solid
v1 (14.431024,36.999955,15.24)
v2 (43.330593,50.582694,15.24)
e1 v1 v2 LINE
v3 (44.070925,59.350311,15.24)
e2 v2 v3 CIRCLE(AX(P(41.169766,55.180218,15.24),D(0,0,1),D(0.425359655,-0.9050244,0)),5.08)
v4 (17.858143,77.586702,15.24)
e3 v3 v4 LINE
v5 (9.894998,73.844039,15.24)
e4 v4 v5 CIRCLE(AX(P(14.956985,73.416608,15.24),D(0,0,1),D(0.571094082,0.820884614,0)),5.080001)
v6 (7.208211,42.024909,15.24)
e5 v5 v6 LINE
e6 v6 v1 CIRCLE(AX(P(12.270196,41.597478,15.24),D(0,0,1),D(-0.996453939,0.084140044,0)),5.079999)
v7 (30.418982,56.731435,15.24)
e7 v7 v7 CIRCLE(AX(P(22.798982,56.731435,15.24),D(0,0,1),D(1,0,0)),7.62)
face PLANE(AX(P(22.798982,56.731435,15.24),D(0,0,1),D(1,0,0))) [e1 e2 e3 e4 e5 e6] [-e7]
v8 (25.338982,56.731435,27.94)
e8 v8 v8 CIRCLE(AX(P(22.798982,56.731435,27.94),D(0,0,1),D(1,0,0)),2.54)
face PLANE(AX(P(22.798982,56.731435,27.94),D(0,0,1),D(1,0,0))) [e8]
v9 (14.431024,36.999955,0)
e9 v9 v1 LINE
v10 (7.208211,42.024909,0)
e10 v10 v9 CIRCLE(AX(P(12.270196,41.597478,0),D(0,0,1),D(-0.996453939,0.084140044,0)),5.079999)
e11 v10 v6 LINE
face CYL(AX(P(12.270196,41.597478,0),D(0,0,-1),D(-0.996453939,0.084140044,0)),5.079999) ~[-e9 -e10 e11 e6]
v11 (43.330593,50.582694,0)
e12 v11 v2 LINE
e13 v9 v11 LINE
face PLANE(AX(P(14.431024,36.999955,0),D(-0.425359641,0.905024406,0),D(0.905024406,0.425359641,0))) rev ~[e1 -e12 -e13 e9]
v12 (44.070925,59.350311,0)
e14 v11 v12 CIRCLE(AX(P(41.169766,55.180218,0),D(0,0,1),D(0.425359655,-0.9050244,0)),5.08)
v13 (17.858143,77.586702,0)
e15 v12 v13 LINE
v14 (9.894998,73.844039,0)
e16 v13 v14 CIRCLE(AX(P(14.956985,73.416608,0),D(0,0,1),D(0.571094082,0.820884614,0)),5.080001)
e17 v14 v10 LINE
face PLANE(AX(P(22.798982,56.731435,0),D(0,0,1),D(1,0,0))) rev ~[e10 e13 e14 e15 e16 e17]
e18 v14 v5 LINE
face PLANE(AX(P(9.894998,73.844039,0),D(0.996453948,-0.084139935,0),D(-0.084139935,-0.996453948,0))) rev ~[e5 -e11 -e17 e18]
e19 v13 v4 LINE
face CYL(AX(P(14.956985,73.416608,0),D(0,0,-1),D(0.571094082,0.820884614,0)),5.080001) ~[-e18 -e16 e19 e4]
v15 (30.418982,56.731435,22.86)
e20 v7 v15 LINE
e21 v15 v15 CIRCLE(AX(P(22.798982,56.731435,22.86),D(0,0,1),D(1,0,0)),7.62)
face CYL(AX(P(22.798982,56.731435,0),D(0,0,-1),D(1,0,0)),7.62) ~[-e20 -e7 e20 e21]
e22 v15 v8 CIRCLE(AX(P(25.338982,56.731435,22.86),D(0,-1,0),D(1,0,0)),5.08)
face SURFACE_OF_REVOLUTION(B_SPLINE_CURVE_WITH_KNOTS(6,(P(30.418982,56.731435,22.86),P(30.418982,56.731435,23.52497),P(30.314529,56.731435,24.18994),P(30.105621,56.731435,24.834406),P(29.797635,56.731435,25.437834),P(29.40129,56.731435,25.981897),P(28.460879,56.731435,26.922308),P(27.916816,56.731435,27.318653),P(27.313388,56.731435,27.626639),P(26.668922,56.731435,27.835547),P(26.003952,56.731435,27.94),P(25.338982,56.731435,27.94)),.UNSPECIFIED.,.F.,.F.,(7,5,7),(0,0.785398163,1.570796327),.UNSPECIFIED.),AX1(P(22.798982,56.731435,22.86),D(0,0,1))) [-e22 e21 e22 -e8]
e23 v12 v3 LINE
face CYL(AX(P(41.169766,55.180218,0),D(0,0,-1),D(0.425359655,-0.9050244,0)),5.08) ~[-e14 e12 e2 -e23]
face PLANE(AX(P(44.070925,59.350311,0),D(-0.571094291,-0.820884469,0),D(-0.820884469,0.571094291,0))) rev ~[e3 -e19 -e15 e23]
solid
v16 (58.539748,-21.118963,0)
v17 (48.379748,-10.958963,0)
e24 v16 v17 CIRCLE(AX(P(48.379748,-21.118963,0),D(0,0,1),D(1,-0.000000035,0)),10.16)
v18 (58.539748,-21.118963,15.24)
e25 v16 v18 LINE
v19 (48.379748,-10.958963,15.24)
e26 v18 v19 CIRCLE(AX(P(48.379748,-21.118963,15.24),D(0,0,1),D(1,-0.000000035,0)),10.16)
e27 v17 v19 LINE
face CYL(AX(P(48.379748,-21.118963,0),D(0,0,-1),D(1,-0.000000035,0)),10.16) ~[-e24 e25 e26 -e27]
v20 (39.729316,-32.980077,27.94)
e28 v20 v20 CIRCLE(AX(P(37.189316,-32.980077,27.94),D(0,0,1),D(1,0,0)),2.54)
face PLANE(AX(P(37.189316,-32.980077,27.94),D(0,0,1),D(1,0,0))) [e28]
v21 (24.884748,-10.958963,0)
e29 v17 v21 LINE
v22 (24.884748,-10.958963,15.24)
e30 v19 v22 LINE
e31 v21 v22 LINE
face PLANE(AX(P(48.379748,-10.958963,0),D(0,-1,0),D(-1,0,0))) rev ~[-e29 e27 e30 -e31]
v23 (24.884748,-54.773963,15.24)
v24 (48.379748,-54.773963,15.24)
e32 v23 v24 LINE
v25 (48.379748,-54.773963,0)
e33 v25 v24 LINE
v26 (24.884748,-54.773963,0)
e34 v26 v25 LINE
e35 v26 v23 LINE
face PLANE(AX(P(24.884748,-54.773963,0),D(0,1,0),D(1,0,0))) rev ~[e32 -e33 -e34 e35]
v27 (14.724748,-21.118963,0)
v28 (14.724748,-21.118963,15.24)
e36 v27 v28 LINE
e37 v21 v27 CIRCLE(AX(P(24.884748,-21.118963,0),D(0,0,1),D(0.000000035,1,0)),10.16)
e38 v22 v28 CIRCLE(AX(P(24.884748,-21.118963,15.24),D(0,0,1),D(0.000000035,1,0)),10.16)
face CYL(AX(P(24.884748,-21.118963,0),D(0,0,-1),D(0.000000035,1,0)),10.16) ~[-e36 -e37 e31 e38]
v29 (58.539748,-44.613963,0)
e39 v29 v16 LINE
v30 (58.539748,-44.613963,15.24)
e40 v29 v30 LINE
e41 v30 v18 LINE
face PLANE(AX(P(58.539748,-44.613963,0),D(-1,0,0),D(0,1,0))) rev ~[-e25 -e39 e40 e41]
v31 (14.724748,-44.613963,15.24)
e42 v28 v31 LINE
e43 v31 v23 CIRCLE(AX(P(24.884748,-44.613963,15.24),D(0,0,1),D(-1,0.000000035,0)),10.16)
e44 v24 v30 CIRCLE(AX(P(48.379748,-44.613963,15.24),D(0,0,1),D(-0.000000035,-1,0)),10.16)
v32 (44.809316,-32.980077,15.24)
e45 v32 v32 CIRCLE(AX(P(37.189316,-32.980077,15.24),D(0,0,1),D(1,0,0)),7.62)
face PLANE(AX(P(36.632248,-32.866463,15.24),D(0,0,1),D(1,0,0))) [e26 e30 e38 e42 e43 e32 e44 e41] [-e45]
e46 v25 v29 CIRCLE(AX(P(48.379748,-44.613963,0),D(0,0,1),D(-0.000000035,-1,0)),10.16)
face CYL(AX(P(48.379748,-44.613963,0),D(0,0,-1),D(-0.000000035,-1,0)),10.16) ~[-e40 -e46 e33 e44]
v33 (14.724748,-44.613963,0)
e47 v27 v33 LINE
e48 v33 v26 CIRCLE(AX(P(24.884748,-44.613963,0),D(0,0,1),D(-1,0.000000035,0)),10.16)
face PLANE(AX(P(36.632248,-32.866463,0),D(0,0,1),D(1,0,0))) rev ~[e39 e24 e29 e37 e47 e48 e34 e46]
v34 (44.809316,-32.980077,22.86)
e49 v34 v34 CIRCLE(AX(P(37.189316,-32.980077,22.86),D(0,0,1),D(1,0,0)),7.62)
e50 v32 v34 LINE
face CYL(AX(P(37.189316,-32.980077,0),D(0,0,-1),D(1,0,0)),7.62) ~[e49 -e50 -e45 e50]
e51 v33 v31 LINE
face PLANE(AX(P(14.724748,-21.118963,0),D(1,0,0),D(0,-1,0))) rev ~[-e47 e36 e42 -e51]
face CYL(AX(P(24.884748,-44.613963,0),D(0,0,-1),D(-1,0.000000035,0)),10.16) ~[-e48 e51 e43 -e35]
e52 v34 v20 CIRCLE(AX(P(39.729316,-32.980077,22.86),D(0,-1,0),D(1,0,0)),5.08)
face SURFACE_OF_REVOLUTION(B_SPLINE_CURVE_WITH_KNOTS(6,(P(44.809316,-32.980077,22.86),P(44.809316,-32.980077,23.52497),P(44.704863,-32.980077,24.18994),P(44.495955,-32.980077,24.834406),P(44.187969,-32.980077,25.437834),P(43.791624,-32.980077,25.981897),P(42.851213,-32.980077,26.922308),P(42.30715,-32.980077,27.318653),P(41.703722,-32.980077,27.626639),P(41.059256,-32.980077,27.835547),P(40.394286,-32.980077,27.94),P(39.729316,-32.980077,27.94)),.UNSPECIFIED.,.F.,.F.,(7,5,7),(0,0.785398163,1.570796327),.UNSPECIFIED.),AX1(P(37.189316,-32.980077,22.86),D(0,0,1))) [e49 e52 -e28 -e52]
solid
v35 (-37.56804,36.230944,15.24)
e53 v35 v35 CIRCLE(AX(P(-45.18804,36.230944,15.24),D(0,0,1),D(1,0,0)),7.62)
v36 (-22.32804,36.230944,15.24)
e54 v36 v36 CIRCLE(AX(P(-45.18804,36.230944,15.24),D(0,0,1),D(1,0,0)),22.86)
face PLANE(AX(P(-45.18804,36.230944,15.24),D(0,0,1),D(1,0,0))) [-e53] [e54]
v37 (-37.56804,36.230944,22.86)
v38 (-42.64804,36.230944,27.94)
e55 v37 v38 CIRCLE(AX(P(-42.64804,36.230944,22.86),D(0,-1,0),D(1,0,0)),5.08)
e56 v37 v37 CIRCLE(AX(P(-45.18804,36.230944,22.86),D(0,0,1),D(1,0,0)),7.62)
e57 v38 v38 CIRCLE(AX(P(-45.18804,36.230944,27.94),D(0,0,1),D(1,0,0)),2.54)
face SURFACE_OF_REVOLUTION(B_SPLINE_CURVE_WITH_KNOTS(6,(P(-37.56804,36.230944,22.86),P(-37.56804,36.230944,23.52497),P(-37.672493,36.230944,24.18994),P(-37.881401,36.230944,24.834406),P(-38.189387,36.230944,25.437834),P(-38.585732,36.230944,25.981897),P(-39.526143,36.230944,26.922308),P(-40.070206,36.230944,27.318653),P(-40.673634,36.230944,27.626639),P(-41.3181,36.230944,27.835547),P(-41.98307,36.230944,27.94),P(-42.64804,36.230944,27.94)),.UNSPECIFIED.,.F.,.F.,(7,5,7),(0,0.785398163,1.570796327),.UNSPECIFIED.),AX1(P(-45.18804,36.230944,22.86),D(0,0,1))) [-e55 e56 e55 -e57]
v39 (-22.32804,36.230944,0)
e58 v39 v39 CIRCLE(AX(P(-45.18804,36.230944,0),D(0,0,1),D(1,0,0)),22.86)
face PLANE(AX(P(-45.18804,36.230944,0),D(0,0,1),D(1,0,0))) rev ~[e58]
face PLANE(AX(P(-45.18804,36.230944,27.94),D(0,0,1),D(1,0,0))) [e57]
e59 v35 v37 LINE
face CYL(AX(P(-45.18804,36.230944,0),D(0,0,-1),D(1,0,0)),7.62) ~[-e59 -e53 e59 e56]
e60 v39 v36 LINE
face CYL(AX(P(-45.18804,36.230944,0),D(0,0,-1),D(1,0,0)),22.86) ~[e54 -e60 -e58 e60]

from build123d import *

# Parameters (mm, degrees)
F0_R      = 22.86
F0_R_2    = 7.62
F1_DEPTH  = 15.24
F2_R      = 7.62
F3_DEPTH  = 15.24
F4_R      = 7.62
F5_DEPTH  = 15.24
F6_DEPTH  = 27.94
F7_R      = 5.08
F8_DEPTH  = 27.94
F9_R      = 5.08
F10_DEPTH = 27.94
F11_R     = 5.08


with BuildPart() as f1:
    # F0 (on Top) → F1 (new body)
    with BuildSketch(Plane.XY):
        with Locations((-45.18804, 36.230944)):
            Circle(F0_R)
        with Locations((-45.18804, 36.230944)):
            Circle(F0_R_2, mode=Mode.SUBTRACT)
    extrude(amount=F1_DEPTH)

    # F0 (on Top) → F8 (join)
    with BuildSketch(Plane.XY):
        with Locations((-45.18804, 36.230944)):
            Circle(F0_R_2)
    extrude(amount=F8_DEPTH)

    # F9
    f9_edges = [f1.edges().sort_by_distance(p)[0] for p in [
        (-52.80804, 36.230944, 27.94),
    ]]
    fillet(f9_edges, radius=F9_R)


with BuildPart() as f3:
    # F2 (on Top) → F3 (new body)
    with BuildSketch(Plane.XY):
        with BuildLine():
            Line((48.379748, -10.958963), (24.884748, -10.958963))
            ThreePointArc((24.884748, -10.958963), (17.700543, -13.934758), (14.724748, -21.118963))
            Line((14.724748, -21.118963), (14.724748, -44.613963))
            ThreePointArc((14.724748, -44.613963), (17.700543, -51.798168), (24.884748, -54.773963))
            Line((24.884748, -54.773963), (48.379748, -54.773963))
            ThreePointArc((48.379748, -54.773963), (55.563953, -51.798168), (58.539748, -44.613963))
            Line((58.539748, -44.613963), (58.539748, -21.118963))
            ThreePointArc((58.539748, -21.118963), (55.563953, -13.934758), (48.379748, -10.958963))
        make_face()
        with Locations((37.189316, -32.980077)):
            Circle(F2_R, mode=Mode.SUBTRACT)
    extrude(amount=F3_DEPTH)

    # F2 (on Top) → F6 (join)
    with BuildSketch(Plane.XY):
        with Locations((37.189316, -32.980077)):
            Circle(F2_R)
    extrude(amount=F6_DEPTH)

    # F7
    f7_edges = [f3.edges().sort_by_distance(p)[0] for p in [
        (29.569316, -32.980077, 27.94),
    ]]
    fillet(f7_edges, radius=F7_R)


with BuildPart() as f5:
    # F4 (on Top) → F5 (new body)
    with BuildSketch(Plane.XY):
        with BuildLine():
            Line((14.431024, 36.999955), (43.330593, 50.582694))
            ThreePointArc((43.330593, 50.582694), (46.231752, 54.752787), (44.070925, 59.350311))
            Line((44.070925, 59.350311), (17.858143, 77.586702))
            ThreePointArc((17.858143, 77.586702), (12.796157, 78.014132), (9.894998, 73.844039))
            Line((9.894998, 73.844039), (7.208211, 42.024909))
            ThreePointArc((7.208211, 42.024909), (9.369038, 37.427385), (14.431024, 36.999955))
        make_face()
        with Locations((22.798982, 56.731435)):
            Circle(F4_R, mode=Mode.SUBTRACT)
    extrude(amount=F5_DEPTH)

    # F4 (on Top) → F10 (join)
    with BuildSketch(Plane.XY):
        with Locations((22.798982, 56.731435)):
            Circle(F4_R)
    extrude(amount=F10_DEPTH)

    # F11
    f11_edges = [f5.edges().sort_by_distance(p)[0] for p in [
        (15.178982, 56.731435, 27.94),
    ]]
    fillet(f11_edges, radius=F11_R)


solid = Compound([f1.part, f3.part, f5.part])
